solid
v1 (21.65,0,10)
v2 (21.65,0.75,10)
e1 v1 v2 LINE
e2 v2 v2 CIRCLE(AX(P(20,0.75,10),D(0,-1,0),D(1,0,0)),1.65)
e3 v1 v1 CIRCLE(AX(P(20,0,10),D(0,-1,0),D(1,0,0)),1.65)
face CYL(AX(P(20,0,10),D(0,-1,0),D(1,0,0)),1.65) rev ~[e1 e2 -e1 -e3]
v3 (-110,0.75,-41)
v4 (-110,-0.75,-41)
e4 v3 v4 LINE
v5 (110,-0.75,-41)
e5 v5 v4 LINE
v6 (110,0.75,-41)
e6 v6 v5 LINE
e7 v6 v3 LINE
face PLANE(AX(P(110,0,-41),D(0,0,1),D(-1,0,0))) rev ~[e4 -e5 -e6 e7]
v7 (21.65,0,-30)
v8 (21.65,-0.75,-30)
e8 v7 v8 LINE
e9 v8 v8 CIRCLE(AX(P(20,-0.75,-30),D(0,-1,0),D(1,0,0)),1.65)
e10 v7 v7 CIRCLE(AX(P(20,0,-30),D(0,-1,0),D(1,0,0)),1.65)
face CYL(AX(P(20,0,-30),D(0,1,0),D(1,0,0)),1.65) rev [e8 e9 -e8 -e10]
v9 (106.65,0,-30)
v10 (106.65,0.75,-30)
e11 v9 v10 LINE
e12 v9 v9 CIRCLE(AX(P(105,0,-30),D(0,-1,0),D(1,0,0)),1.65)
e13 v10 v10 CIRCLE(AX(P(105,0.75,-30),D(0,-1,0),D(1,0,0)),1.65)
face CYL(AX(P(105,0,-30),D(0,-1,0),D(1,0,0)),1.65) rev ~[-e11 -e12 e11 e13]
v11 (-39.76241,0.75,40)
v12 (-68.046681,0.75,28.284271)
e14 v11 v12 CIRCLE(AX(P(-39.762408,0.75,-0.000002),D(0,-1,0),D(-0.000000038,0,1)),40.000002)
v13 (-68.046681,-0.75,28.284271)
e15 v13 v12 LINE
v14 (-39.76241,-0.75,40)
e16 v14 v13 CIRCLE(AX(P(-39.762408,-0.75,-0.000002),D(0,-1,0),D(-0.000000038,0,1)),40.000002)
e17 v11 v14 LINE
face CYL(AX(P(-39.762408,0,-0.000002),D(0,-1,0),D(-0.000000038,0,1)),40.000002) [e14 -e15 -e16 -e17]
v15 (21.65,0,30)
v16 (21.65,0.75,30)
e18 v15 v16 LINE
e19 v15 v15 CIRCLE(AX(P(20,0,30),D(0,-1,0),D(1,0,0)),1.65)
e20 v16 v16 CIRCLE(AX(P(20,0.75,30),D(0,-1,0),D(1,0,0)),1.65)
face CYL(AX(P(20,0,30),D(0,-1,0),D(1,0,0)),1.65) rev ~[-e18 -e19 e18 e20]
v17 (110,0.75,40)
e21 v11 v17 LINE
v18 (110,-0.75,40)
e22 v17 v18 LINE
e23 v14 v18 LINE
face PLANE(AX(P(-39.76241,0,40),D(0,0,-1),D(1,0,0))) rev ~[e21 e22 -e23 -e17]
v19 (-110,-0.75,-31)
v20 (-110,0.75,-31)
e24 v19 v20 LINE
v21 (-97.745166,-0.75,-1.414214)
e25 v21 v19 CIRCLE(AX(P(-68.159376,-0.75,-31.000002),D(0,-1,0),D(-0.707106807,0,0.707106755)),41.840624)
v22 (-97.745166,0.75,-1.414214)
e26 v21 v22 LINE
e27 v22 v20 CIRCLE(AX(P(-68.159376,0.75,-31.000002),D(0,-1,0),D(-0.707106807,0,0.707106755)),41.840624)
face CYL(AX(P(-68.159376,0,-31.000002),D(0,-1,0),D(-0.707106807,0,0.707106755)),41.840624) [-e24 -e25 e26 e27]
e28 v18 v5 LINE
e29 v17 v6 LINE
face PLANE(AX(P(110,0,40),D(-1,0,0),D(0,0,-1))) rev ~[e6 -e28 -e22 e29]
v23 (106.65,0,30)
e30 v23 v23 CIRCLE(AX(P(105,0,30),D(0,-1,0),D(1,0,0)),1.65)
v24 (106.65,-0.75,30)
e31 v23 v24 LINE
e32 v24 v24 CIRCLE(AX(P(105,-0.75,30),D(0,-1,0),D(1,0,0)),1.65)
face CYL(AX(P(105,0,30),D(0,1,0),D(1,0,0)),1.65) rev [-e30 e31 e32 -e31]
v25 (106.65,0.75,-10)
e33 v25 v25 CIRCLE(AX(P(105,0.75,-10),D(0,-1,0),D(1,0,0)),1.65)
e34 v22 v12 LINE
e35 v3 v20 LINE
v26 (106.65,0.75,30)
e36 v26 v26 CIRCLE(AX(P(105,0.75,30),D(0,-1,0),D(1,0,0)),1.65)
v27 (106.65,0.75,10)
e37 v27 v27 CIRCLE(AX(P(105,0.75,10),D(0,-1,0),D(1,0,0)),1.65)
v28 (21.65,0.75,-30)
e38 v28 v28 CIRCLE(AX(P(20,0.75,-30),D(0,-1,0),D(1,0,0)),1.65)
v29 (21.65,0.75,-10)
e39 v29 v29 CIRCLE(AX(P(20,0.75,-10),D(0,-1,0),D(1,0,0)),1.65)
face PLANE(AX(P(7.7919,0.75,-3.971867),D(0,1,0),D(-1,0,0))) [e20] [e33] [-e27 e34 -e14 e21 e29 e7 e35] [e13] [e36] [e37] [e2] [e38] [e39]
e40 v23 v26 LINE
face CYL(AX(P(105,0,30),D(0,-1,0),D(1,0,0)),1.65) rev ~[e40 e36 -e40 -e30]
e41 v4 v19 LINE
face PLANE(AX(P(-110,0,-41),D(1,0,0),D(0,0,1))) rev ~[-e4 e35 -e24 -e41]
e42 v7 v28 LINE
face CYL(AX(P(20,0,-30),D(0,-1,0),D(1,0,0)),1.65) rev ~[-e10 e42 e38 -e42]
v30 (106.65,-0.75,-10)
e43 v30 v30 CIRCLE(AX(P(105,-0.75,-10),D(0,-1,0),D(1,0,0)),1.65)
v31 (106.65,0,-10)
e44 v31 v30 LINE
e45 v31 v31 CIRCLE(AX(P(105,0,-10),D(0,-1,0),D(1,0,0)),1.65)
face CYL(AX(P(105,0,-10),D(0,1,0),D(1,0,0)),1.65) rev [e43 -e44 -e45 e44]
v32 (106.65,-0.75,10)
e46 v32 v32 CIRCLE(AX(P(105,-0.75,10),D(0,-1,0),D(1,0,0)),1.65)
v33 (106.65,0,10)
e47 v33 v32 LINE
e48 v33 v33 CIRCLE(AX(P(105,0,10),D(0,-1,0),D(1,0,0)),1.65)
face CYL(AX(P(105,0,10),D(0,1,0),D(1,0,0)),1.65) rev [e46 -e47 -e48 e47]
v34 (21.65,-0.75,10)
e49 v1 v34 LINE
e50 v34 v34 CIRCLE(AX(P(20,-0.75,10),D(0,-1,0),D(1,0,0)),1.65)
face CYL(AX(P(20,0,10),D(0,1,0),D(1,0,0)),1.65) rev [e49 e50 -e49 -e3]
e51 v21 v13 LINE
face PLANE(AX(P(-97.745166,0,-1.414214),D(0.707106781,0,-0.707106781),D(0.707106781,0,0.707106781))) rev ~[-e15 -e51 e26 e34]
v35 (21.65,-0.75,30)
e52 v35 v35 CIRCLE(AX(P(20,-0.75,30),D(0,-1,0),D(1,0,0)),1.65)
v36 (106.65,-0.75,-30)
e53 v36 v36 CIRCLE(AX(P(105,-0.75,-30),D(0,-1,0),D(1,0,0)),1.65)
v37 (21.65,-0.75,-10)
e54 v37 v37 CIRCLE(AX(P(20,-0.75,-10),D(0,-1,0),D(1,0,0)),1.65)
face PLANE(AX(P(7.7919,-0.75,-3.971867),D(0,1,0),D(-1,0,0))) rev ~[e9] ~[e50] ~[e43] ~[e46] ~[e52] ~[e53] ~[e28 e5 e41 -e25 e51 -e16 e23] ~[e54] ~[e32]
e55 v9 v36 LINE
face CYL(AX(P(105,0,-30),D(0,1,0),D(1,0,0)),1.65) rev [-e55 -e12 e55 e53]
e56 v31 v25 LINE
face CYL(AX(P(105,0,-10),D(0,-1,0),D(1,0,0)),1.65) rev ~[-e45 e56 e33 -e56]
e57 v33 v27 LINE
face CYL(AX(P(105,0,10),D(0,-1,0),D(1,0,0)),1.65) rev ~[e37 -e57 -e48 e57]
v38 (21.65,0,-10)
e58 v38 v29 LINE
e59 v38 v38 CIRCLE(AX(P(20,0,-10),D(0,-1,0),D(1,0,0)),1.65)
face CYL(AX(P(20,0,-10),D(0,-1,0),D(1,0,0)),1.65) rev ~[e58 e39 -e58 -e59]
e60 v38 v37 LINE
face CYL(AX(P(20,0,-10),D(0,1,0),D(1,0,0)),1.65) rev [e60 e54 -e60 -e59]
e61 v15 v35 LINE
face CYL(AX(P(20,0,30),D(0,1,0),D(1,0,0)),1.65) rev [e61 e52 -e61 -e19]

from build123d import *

# Parameters (mm, degrees)
SKETCH_R       = 1.65
PAD_DEPTH      = 0.75
PAD_DEPTH_BACK = 0.75


with BuildPart() as part:
    # Sketch → Pad (new body, two sides)
    with BuildSketch(Plane.XZ) as pad_sk:
        with BuildLine():
            Line((-110, -41), (-110, -31))
            ThreePointArc((-97.745166, -1.414214), (-106.815072, -14.988288), (-110, -31))
            Line((-97.745166, -1.414214), (-68.046681, 28.284271))
            ThreePointArc((-39.76241, 40), (-55.069747, 36.955181), (-68.046681, 28.284271))
            Line((-39.76241, 40), (110, 40))
            Line((110, 40), (110, -41))
            Line((110, -41), (-110, -41))
        make_face()
        with Locations((105, 30)):
            Circle(SKETCH_R, mode=Mode.SUBTRACT)
        with Locations((20, 30)):
            Circle(SKETCH_R, mode=Mode.SUBTRACT)
        with Locations((20, 10)):
            Circle(SKETCH_R, mode=Mode.SUBTRACT)
        with Locations((105, 10)):
            Circle(SKETCH_R, mode=Mode.SUBTRACT)
        with Locations((105, -30)):
            Circle(SKETCH_R, mode=Mode.SUBTRACT)
        with Locations((20, -30)):
            Circle(SKETCH_R, mode=Mode.SUBTRACT)
        with Locations((20, -10)):
            Circle(SKETCH_R, mode=Mode.SUBTRACT)
        with Locations((105, -10)):
            Circle(SKETCH_R, mode=Mode.SUBTRACT)
    extrude(amount=PAD_DEPTH)
    extrude(pad_sk.sketch, amount=-PAD_DEPTH_BACK)


solid = part.part
